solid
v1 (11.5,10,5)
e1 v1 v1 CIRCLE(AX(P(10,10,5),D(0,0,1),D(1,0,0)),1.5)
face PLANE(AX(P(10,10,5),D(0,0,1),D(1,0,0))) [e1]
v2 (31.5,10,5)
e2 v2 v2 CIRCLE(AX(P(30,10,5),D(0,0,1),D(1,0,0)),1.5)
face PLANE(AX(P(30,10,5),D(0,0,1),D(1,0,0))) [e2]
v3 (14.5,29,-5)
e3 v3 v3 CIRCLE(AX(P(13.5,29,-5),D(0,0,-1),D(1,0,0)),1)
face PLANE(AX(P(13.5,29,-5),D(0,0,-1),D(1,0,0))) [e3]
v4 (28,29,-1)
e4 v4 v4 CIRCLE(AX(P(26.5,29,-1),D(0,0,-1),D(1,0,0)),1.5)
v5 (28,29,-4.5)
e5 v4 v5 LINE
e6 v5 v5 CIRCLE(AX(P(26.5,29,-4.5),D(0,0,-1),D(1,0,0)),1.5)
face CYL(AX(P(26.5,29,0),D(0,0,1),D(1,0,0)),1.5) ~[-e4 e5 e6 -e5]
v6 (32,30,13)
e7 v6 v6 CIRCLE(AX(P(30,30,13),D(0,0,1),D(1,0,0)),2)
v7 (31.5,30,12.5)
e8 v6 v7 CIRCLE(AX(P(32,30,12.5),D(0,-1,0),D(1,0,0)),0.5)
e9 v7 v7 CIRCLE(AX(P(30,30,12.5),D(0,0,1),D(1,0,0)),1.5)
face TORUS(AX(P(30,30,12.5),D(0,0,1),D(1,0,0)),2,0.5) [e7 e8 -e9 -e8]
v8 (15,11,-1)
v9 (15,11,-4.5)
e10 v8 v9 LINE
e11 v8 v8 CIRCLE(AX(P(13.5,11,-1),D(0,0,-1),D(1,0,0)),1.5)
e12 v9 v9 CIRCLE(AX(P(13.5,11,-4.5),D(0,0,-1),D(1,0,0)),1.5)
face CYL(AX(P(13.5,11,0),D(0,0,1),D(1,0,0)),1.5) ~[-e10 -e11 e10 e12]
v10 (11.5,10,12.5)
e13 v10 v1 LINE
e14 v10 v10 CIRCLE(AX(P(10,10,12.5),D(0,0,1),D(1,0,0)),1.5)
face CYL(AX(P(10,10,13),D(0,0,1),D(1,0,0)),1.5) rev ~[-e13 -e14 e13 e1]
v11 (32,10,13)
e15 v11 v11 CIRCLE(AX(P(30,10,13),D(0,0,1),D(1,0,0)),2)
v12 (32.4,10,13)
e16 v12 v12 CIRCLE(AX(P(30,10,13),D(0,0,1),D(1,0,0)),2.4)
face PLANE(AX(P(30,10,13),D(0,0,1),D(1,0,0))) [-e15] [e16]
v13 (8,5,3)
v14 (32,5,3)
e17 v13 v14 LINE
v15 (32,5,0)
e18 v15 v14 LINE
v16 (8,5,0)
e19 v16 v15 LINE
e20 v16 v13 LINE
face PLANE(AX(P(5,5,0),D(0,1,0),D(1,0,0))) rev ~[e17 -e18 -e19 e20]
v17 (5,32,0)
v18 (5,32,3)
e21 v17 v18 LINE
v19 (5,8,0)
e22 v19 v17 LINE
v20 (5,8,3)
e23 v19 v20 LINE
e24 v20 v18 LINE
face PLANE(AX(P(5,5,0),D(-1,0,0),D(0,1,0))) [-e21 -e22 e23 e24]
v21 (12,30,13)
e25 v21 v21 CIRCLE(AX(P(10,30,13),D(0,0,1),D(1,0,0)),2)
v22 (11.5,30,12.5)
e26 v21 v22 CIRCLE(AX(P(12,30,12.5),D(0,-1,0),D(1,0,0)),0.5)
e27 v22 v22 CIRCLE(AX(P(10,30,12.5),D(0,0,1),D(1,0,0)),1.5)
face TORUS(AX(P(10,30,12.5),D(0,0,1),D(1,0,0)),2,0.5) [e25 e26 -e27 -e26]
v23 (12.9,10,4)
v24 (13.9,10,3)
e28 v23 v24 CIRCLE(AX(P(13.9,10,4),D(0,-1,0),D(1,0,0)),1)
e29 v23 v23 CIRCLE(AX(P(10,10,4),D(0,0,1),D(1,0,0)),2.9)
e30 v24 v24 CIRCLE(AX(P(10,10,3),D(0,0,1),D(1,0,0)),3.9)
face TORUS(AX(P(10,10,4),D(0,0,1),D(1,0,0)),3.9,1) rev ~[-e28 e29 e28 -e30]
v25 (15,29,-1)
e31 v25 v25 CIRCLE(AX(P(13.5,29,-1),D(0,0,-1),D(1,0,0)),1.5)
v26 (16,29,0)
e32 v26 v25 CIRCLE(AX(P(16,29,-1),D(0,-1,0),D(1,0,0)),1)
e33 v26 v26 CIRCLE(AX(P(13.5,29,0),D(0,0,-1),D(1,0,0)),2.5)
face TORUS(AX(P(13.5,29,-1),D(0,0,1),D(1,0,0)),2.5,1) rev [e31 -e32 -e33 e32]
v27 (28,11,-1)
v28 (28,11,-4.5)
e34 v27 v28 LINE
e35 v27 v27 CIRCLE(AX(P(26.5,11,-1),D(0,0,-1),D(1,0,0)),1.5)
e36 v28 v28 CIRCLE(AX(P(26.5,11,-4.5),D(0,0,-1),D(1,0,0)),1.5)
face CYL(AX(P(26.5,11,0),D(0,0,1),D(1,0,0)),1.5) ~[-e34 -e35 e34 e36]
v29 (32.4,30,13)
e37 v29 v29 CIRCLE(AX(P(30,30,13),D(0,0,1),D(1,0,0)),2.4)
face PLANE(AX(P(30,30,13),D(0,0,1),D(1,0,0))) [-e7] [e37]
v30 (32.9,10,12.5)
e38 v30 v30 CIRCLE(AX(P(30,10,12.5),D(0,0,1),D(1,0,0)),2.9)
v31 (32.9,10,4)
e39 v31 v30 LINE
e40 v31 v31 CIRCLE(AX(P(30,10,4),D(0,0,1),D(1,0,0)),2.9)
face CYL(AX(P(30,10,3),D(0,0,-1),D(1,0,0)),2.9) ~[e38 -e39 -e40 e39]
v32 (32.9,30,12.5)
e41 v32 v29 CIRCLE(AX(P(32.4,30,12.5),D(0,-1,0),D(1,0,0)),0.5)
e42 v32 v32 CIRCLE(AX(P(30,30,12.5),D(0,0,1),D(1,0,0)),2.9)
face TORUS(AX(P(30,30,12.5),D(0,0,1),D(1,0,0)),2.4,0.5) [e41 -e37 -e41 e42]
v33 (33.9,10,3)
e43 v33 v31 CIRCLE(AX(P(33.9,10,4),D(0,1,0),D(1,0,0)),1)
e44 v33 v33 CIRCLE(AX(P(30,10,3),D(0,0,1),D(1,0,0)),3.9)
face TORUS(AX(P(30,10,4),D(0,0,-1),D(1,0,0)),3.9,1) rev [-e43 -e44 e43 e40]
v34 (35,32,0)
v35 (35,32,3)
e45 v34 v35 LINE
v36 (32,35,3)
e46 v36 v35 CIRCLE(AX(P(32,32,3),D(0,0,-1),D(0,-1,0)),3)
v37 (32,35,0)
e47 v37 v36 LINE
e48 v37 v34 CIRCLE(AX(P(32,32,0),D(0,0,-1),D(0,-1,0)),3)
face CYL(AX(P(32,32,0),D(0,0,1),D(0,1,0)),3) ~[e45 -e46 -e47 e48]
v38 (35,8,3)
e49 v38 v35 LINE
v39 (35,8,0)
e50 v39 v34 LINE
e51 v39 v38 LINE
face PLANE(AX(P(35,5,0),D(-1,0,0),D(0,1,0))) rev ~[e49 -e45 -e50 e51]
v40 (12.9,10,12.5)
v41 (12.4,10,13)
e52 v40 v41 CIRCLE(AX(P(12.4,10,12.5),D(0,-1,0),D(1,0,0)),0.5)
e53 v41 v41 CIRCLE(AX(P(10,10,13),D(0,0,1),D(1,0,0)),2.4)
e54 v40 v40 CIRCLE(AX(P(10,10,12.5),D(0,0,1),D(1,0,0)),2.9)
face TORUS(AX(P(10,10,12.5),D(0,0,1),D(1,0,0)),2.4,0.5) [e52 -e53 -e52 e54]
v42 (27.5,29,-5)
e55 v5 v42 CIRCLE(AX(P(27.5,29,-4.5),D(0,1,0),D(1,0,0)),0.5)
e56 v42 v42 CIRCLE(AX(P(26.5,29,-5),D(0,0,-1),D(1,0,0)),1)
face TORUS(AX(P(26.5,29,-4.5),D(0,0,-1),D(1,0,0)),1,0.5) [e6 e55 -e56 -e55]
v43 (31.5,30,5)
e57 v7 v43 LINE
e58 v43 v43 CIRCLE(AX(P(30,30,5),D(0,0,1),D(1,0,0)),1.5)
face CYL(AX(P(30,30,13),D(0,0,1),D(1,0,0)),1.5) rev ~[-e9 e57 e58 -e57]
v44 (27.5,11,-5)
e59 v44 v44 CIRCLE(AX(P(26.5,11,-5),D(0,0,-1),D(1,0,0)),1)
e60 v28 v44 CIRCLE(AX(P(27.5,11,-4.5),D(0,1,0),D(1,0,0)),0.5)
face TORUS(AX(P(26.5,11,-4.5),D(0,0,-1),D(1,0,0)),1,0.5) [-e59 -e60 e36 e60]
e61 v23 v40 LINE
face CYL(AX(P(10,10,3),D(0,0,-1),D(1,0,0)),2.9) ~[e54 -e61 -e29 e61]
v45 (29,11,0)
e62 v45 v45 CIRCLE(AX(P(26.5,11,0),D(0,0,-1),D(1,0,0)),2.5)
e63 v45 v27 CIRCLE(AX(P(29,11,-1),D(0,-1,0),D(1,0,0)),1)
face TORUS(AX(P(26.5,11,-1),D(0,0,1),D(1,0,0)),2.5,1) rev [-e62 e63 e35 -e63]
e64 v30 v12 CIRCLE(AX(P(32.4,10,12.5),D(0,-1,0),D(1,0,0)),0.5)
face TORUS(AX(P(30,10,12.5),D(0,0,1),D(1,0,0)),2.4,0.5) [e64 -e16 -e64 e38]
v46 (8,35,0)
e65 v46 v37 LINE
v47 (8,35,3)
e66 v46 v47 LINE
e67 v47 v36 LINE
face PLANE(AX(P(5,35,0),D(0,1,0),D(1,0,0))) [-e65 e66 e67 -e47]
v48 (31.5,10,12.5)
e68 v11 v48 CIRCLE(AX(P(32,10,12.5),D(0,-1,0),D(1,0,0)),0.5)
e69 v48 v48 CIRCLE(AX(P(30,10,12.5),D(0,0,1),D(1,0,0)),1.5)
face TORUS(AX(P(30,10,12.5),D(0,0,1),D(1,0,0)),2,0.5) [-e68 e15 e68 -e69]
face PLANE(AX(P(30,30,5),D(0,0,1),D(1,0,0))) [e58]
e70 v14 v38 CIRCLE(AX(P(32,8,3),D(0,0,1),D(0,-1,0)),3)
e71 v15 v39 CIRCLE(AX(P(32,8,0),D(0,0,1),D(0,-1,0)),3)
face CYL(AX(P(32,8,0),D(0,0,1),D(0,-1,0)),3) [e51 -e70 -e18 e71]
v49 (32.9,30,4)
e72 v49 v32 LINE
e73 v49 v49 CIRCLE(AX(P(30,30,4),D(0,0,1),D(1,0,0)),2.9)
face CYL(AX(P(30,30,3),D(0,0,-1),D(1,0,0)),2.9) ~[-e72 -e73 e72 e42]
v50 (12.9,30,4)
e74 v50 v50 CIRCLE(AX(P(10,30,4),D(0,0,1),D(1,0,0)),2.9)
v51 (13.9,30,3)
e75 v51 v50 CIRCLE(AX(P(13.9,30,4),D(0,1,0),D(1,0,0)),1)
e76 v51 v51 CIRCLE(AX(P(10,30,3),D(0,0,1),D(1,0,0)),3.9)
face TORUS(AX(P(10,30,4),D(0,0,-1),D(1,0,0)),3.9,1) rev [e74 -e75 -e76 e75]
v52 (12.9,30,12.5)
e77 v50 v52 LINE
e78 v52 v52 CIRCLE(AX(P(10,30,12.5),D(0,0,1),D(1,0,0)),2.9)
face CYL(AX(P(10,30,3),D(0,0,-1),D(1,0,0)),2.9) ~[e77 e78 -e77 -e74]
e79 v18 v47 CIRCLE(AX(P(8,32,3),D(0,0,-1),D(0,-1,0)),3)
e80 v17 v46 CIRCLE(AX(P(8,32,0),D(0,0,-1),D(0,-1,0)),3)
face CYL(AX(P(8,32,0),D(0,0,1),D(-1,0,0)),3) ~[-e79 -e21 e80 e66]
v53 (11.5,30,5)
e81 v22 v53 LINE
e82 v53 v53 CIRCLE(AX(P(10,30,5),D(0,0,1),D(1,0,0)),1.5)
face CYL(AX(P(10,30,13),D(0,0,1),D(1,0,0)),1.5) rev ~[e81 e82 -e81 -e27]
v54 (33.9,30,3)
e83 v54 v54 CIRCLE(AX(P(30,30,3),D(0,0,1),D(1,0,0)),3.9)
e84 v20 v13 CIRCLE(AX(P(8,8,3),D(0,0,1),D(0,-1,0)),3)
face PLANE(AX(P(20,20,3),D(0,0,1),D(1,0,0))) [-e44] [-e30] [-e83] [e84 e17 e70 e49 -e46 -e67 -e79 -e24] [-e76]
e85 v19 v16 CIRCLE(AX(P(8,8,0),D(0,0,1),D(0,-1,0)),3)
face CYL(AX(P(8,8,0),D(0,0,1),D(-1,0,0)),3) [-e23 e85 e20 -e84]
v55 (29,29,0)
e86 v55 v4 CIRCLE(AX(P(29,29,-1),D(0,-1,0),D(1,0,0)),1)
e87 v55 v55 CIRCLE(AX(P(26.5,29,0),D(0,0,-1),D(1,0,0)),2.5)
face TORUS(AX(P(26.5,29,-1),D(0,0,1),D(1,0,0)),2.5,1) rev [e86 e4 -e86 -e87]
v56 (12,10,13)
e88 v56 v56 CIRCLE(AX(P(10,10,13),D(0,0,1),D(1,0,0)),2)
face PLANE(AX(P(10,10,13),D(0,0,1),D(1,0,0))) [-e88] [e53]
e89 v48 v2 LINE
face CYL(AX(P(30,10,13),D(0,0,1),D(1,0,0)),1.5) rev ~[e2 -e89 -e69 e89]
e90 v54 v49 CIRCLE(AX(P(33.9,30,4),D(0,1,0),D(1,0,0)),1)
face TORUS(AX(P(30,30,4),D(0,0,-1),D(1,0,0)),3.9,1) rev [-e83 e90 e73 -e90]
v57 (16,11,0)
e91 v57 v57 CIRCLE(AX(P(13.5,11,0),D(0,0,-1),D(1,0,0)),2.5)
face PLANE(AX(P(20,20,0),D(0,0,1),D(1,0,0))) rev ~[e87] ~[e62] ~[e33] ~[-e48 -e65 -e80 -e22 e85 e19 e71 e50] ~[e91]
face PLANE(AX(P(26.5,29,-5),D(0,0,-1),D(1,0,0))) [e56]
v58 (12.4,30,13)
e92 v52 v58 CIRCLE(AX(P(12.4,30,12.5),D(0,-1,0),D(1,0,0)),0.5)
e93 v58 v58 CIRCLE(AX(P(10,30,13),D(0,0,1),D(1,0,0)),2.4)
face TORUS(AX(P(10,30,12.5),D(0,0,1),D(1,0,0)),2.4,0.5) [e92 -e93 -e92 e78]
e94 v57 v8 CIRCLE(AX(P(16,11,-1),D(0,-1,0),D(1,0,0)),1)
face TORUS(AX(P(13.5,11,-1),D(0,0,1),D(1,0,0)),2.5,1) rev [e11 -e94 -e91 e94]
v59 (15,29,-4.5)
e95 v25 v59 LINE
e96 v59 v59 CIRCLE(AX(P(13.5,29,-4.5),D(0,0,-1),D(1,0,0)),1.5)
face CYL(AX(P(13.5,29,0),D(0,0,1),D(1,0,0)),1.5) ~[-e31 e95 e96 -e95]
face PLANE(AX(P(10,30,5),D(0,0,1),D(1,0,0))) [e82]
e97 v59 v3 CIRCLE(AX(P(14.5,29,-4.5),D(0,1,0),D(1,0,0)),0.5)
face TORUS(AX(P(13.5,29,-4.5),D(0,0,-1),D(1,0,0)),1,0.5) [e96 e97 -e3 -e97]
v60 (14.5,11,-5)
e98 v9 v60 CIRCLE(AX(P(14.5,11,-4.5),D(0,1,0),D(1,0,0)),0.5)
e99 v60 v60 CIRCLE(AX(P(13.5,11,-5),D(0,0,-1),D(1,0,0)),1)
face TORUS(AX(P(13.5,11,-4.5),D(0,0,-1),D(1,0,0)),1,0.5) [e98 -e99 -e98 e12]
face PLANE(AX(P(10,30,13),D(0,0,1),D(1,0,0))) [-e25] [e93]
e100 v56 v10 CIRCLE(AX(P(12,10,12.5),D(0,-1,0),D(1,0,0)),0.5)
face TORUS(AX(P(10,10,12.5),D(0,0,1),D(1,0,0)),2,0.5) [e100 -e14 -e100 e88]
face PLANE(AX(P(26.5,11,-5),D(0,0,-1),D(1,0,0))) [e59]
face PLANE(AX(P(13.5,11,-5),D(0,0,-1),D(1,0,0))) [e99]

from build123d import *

# Parameters (mm, degrees)
SKETCH_W     = 30
SKETCH_H     = 30
PAD_DEPTH    = 3
SKETCH004_R  = 2.9
PAD001_DEPTH = 10
SKETCH005_R  = 1.5
PAD002_DEPTH = 5
SKETCH006_R  = 1.5
POCKET_DEPTH = 8
FILLET_R     = 0.5
FILLET001_R  = 1
FILLET002_R  = 3
FILLET003_R  = 1
FILLET004_R  = 0.5


with BuildPart() as part:
    # Sketch → Pad (new body)
    with BuildSketch(Plane.XY):
        with Locations((20, 20)):
            Rectangle(SKETCH_W, SKETCH_H)
    extrude(amount=PAD_DEPTH)

    # Sketch004 (on Face6 of Pad) → Pad001 (join)
    with BuildSketch(Plane.XY.offset(3)):
        with Locations((10, 10)):
            Circle(SKETCH004_R)
        with Locations((10, 30)):
            Circle(SKETCH004_R)
        with Locations((30, 10)):
            Circle(SKETCH004_R)
        with Locations((30, 30)):
            Circle(SKETCH004_R)
    extrude(amount=PAD001_DEPTH)

    # Sketch005 (on Face4 of Pad001) → Pad002 (join)
    with BuildSketch(Plane(origin=(0, 0, 0), x_dir=(1, 0, 0), z_dir=(0, 0, -1))):
        with Locations((13.5, -11)):
            Circle(SKETCH005_R)
        with Locations((26.5, -11)):
            Circle(SKETCH005_R)
        with Locations((13.5, -29)):
            Circle(SKETCH005_R)
        with Locations((26.5, -29)):
            Circle(SKETCH005_R)
    extrude(amount=PAD002_DEPTH)

    # Sketch006 (on Face20 of Pad002) → Pocket (cut)
    with BuildSketch(Plane.XY.offset(13)):
        with Locations((10, 30)):
            Circle(SKETCH006_R)
        with Locations((30, 30)):
            Circle(SKETCH006_R)
        with Locations((10, 10)):
            Circle(SKETCH006_R)
        with Locations((30, 10)):
            Circle(SKETCH006_R)
    extrude(amount=-POCKET_DEPTH, mode=Mode.SUBTRACT)

    # Fillet
    fillet_edges = [part.edges().sort_by_distance(p)[0] for p in [
        (7.1, 30, 13),
        (8.5, 30, 13),
        (27.1, 30, 13),
        (28.5, 30, 13),
        (7.1, 10, 13),
        (8.5, 10, 13),
        (27.1, 10, 13),
        (28.5, 10, 13),
    ]]
    fillet(fillet_edges, radius=FILLET_R)

    # Fillet001
    fillet001_edges = [part.edges().sort_by_distance(p)[0] for p in [
        (7.1, 30, 3),
        (27.1, 30, 3),
        (7.1, 10, 3),
        (27.1, 10, 3),
    ]]
    fillet(fillet001_edges, radius=FILLET001_R)

    # Fillet002
    fillet002_edges = [part.edges().sort_by_distance(p)[0] for p in [
        (5, 35, 1.5),
        (35, 35, 1.5),
        (35, 5, 1.5),
        (5, 5, 1.5),
    ]]
    fillet(fillet002_edges, radius=FILLET002_R)

    # Fillet003
    fillet003_edges = [part.edges().sort_by_distance(p)[0] for p in [
        (12, 29, 0),
        (25, 29, 0),
        (12, 11, 0),
        (25, 11, 0),
    ]]
    fillet(fillet003_edges, radius=FILLET003_R)

    # Fillet004
    fillet004_edges = [part.edges().sort_by_distance(p)[0] for p in [
        (12, 29, -5),
        (25, 29, -5),
        (12, 11, -5),
        (25, 11, -5),
    ]]
    fillet(fillet004_edges, radius=FILLET004_R)


solid = part.part
